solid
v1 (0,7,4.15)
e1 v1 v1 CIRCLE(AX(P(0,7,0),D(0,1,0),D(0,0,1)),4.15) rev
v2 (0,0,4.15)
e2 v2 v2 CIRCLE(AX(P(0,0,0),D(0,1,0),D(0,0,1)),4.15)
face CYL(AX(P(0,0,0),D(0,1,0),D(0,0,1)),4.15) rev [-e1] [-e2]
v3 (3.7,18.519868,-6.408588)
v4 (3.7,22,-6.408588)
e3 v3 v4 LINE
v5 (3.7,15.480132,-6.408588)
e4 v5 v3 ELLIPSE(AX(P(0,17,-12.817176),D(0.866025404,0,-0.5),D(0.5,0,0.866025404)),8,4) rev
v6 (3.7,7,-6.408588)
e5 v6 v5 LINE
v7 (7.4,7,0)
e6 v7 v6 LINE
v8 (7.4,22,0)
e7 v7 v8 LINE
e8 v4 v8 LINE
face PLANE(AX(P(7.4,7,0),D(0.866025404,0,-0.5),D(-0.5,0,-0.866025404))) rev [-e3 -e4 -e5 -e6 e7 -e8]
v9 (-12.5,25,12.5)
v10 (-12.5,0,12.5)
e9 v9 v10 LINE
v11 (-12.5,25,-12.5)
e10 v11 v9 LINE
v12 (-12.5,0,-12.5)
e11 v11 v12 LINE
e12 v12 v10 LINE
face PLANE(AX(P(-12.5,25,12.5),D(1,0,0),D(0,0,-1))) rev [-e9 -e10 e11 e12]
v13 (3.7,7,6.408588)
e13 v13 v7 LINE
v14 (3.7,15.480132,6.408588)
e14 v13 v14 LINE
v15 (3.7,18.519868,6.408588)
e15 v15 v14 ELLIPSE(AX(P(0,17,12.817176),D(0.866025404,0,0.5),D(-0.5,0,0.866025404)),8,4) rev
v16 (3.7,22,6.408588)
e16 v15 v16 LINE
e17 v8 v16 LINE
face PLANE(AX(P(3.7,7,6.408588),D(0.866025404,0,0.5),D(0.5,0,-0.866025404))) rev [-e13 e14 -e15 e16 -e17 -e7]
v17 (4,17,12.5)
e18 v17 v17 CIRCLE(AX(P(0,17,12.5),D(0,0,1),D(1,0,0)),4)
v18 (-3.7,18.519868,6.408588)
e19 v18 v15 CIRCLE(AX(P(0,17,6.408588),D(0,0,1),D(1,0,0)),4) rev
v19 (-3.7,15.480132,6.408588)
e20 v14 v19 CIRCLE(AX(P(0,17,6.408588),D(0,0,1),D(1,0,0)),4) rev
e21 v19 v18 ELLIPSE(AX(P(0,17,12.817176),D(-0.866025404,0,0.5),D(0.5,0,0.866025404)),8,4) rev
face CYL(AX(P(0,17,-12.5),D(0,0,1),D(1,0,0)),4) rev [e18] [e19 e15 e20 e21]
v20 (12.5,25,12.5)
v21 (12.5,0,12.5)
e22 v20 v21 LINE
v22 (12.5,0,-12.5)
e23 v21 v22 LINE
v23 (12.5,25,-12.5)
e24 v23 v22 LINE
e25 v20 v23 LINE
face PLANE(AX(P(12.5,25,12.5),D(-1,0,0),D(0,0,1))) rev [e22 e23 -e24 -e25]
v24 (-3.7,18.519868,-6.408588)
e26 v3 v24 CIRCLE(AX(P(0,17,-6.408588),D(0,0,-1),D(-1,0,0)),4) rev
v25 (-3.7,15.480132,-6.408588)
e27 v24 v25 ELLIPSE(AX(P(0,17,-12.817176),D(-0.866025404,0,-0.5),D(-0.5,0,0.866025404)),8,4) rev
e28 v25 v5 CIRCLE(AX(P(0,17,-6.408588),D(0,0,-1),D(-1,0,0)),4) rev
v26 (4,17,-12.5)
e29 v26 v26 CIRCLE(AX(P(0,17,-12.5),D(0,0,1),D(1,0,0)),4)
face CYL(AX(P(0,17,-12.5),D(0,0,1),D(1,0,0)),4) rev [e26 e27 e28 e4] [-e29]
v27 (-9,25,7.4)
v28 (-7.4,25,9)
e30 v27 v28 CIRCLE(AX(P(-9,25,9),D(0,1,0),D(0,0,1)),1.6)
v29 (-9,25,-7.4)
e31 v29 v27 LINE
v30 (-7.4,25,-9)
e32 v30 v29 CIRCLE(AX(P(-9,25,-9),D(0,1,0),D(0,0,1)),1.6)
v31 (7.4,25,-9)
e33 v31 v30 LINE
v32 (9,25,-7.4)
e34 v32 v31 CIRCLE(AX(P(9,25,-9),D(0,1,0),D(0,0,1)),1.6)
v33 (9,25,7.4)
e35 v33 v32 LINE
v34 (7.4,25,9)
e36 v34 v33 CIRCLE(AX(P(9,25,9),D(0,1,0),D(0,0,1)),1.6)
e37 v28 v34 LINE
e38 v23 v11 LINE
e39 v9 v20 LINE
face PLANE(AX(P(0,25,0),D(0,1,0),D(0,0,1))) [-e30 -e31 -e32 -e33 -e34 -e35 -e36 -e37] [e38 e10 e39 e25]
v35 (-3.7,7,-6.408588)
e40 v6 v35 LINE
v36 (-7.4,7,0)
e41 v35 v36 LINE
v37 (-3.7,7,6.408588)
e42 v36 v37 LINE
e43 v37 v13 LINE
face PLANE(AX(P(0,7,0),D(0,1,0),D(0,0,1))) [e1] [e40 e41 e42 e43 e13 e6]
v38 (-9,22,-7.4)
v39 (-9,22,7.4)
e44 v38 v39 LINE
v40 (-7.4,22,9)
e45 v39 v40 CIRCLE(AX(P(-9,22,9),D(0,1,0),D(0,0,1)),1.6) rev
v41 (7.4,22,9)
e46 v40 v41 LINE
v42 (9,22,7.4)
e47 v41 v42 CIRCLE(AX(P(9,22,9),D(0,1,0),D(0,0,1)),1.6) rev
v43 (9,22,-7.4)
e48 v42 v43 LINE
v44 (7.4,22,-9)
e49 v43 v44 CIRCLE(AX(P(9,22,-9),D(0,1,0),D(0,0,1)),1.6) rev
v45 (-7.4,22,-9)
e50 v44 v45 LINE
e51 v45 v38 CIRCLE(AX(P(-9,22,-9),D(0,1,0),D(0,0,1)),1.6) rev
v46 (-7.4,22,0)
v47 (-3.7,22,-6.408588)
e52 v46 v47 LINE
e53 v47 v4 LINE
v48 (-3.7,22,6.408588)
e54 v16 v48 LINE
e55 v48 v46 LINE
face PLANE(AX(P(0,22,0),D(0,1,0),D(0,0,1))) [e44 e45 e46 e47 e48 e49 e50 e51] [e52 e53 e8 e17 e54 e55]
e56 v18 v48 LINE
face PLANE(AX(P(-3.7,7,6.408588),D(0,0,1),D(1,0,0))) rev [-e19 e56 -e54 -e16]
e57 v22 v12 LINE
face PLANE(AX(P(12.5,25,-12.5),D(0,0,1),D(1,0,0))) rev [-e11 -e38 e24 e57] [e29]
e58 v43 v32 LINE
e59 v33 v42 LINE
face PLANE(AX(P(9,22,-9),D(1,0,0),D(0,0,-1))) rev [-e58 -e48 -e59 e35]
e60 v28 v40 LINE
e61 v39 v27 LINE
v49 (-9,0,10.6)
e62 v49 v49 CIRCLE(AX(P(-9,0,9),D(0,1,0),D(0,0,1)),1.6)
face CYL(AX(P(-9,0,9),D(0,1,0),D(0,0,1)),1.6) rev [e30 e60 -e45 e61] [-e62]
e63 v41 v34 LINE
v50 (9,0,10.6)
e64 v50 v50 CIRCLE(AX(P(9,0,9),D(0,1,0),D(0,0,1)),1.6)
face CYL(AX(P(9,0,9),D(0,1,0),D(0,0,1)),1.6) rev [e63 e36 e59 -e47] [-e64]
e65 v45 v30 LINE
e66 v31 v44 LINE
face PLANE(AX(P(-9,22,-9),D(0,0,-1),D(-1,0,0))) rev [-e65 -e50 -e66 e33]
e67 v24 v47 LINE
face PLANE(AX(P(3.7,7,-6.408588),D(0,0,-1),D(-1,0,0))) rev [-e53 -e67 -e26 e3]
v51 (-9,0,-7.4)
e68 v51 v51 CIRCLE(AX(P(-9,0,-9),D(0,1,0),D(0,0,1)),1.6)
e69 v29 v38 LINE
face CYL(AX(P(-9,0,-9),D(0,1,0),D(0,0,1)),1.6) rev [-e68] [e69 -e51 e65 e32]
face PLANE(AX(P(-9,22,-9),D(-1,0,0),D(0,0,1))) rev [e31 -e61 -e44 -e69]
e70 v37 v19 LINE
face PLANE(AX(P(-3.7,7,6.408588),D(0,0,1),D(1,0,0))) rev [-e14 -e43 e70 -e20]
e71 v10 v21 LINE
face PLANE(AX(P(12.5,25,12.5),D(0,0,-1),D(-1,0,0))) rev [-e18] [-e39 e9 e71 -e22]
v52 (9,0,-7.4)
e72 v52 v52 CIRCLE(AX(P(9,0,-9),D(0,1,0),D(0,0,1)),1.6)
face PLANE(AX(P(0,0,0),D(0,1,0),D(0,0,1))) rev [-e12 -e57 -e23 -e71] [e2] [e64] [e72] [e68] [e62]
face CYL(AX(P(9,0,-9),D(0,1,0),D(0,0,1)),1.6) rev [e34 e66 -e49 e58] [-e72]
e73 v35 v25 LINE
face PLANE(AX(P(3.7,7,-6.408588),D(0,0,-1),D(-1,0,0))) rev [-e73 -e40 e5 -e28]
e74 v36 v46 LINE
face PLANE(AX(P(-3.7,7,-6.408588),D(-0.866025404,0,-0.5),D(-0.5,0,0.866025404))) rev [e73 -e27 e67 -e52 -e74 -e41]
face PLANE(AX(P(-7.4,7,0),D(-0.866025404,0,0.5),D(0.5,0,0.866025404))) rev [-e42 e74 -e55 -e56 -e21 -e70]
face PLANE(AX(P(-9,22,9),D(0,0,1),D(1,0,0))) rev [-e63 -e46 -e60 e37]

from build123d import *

# Parameters (mm, degrees)
SKETCH1_W           = 25
SKETCH1_H           = 25
BOSS_EXTRUDE1_DEPTH = 25
SKETCH2_R           = 4
CUT_EXTRUDE1_DEPTH  = 26
SKETCH4_R           = 4.15
CUT_EXTRUDE2_DEPTH  = 26
CUT_EXTRUDE3_DEPTH  = 18
SKETCH6_R           = 1.6
CUT_EXTRUDE4_DEPTH  = 26
SKETCH7_W           = 18
SKETCH7_H           = 18
CUT_EXTRUDE5_DEPTH  = 3


with BuildPart() as part:
    # Sketch1 → Boss-Extrude1 (new body)
    with BuildSketch(Plane(origin=(0, 0, 0), x_dir=(1, 0, 0), z_dir=(0, 1, 0))):
        Rectangle(SKETCH1_W, SKETCH1_H)
    extrude(amount=BOSS_EXTRUDE1_DEPTH)

    # Sketch2 → Cut-Extrude1 (cut, through all)
    with BuildSketch(Plane.XY.offset(12.5)):
        with Locations((0, 17)):
            Circle(SKETCH2_R)
    extrude(amount=-CUT_EXTRUDE1_DEPTH, mode=Mode.SUBTRACT)

    # Sketch4 → Cut-Extrude2 (cut, through all)
    with BuildSketch(Plane(origin=(0, 25, 0), x_dir=(1, 0, 0), z_dir=(0, 1, 0))):
        with Locations(Location((0, 0, 0), (0, 0, 270))):  # turned: the seam where the file's is
            Circle(SKETCH4_R)
    extrude(amount=-CUT_EXTRUDE2_DEPTH, mode=Mode.SUBTRACT)

    # Sketch5 → Cut-Extrude3 (cut)
    with BuildSketch(Plane(origin=(0, 25, 0), x_dir=(1, 0, 0), z_dir=(0, 1, 0))):
        Polygon((-3.7, -6.408587988), (3.7, -6.408587988), (7.4, 0), (3.7, 6.408587988), (-3.7, 6.408587988), (-7.4, 0), align=None)
    extrude(amount=-CUT_EXTRUDE3_DEPTH, mode=Mode.SUBTRACT)

    # Sketch6 → Cut-Extrude4 (cut, through all)
    with BuildSketch(Plane(origin=(0, 25, 0), x_dir=(1, 0, 0), z_dir=(0, 1, 0))):
        with Locations(Location((9, -9, 0), (0, 0, 270))):  # turned: the seam where the file's is
            Circle(SKETCH6_R)
        with Locations(Location((-9, -9, 0), (0, 0, 270))):  # turned: the seam where the file's is
            Circle(SKETCH6_R)
        with Locations(Location((-9, 9, 0), (0, 0, 270))):  # turned: the seam where the file's is
            Circle(SKETCH6_R)
        with Locations(Location((9, 9, 0), (0, 0, 270))):  # turned: the seam where the file's is
            Circle(SKETCH6_R)
    extrude(amount=-CUT_EXTRUDE4_DEPTH, mode=Mode.SUBTRACT)

    # Sketch7 → Cut-Extrude5 (cut)
    with BuildSketch(Plane(origin=(0, 25, 0), x_dir=(1, 0, 0), z_dir=(0, 1, 0))):
        Rectangle(SKETCH7_W, SKETCH7_H)
    extrude(amount=-CUT_EXTRUDE5_DEPTH, mode=Mode.SUBTRACT)


solid = part.part
